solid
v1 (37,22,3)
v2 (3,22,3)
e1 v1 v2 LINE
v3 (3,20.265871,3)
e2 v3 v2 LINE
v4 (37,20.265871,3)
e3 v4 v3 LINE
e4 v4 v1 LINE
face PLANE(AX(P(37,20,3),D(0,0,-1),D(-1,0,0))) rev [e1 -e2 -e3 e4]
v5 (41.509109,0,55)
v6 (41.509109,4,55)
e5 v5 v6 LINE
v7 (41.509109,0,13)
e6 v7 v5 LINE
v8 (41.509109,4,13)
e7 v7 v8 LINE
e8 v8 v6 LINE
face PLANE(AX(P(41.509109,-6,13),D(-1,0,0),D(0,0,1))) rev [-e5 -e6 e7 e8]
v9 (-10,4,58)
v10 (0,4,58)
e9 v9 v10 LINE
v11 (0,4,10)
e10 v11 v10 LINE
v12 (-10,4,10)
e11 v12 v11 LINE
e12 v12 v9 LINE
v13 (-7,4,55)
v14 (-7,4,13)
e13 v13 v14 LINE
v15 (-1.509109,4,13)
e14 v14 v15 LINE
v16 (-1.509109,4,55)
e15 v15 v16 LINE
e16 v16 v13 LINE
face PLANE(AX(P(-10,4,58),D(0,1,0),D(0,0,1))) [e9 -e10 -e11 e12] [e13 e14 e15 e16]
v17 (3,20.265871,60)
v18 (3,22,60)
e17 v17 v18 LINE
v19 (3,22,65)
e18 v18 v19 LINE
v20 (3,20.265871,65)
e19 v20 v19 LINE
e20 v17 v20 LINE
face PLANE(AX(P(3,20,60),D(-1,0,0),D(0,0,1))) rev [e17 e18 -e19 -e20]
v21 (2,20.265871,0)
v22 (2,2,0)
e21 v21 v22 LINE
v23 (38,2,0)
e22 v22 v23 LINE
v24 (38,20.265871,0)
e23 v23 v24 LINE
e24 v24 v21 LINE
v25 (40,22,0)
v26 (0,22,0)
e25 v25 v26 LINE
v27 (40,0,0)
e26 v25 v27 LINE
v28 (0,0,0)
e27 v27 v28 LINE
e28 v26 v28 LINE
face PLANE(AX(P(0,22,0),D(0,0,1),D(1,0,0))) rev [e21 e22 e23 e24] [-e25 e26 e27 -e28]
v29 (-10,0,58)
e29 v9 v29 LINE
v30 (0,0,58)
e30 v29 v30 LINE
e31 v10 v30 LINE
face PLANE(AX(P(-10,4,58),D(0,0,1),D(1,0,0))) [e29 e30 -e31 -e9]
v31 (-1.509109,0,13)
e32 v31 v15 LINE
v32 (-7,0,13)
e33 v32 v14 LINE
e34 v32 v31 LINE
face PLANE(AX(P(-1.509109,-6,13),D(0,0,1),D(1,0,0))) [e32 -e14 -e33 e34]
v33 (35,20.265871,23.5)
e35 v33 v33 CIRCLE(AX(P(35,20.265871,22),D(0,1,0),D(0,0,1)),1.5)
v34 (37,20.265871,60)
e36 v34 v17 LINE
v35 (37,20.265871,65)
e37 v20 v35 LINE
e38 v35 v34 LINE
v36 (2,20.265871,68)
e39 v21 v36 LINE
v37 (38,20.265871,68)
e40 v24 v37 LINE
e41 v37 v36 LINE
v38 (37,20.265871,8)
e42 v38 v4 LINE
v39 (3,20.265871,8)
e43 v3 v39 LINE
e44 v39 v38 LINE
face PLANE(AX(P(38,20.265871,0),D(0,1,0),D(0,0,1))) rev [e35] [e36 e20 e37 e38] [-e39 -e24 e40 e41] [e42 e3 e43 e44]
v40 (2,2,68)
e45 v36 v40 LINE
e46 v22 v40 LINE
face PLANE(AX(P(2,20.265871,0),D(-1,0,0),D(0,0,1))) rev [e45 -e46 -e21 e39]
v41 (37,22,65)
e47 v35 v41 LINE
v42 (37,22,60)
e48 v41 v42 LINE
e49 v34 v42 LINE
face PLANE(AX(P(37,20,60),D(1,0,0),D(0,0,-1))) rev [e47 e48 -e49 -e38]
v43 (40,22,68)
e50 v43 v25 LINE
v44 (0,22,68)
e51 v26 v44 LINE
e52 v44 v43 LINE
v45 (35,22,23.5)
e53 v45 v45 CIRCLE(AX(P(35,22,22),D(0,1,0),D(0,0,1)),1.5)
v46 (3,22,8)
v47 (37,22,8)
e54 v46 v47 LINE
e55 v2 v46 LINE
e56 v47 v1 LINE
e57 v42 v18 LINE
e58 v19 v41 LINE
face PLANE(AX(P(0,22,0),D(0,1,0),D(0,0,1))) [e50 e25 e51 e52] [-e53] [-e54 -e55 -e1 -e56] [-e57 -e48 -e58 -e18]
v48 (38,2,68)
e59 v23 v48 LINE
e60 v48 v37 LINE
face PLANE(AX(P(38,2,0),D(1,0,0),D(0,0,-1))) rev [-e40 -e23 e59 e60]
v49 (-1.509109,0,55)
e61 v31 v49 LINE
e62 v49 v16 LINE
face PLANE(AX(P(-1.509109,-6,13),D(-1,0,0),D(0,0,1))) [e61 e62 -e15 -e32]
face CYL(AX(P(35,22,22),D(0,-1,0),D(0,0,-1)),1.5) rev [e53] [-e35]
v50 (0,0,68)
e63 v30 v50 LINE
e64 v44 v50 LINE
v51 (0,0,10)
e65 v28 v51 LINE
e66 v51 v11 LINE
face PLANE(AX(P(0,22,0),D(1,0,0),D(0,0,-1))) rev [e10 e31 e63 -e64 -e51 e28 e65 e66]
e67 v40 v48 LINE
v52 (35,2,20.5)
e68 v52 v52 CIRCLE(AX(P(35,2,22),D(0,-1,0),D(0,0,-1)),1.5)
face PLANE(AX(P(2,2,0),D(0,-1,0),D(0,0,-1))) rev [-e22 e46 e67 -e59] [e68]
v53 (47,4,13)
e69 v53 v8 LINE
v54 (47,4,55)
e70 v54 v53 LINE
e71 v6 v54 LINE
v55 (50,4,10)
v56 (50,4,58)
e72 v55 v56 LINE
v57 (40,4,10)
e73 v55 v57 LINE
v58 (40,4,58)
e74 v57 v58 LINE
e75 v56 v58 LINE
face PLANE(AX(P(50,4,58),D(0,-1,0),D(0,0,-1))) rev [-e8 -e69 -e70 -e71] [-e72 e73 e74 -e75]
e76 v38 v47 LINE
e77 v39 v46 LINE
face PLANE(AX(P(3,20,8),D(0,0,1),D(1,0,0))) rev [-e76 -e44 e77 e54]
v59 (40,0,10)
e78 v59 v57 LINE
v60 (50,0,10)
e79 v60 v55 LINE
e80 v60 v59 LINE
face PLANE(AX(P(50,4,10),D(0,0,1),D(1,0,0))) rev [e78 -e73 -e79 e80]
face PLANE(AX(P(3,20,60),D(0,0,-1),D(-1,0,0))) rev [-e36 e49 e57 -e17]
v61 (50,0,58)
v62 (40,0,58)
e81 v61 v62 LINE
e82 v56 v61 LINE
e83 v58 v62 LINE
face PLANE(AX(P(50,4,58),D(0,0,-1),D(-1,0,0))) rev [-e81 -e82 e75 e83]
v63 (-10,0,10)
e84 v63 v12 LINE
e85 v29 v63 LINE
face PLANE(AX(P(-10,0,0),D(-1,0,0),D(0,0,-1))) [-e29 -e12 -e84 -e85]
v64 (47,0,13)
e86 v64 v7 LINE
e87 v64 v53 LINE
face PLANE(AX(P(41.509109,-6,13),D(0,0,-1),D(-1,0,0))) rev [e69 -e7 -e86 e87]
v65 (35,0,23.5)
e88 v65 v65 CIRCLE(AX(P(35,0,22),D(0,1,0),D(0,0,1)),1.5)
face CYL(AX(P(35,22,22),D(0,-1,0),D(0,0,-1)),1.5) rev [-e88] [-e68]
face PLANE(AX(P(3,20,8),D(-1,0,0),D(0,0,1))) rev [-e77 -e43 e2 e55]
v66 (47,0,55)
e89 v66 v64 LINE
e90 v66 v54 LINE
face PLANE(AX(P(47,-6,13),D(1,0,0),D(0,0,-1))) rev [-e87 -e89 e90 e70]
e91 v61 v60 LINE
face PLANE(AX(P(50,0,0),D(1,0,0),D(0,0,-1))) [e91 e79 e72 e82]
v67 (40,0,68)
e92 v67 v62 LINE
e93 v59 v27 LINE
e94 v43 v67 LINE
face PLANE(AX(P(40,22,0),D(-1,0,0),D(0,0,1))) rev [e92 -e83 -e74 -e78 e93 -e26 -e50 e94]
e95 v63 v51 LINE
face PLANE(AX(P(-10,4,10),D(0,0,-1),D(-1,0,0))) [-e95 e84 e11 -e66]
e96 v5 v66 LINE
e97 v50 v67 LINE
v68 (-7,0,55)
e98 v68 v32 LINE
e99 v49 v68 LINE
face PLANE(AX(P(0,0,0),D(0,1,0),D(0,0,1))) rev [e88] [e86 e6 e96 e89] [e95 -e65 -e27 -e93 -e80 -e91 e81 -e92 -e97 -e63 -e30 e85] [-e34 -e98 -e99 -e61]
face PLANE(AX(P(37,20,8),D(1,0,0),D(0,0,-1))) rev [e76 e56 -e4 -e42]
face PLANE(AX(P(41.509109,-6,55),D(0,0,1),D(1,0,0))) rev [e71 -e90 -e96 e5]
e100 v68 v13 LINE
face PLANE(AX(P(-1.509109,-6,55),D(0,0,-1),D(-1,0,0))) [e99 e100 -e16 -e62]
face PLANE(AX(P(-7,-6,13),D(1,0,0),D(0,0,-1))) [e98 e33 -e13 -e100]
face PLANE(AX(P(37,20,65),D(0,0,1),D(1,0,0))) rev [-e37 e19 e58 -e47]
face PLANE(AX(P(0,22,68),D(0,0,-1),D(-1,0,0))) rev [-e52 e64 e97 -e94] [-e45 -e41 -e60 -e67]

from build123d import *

# Parameters (mm, degrees)
SKETCH1_W           = 40
SKETCH1_H           = 68
SKETCH1_R           = 1.5
BOSS_EXTRUDE1_DEPTH = 22
SKETCH2_W           = 36
SKETCH2_H           = 18.265871498
CUT_EXTRUDE1_DEPTH  = 69
SKETCH3_W           = 34
SKETCH3_H           = 5
CUT_EXTRUDE2_DEPTH  = 2
SKETCH6_W           = 48
SKETCH6_H           = 4
BOSS_EXTRUDE3_DEPTH = 10
SKETCH7_W           = 5.490890851
SKETCH7_H           = 42
CUT_EXTRUDE4_DEPTH  = 10


with BuildPart() as part:
    # Sketch1 → Boss-Extrude1 (new body)
    with BuildSketch(Plane(origin=(0, 0, 0), x_dir=(1, 0, 0), z_dir=(0, 1, 0))):
        with Locations((20, -34)):
            Rectangle(SKETCH1_W, SKETCH1_H)
        with Locations((35, -22)):
            Circle(SKETCH1_R, mode=Mode.SUBTRACT)
    extrude(amount=BOSS_EXTRUDE1_DEPTH)

    # Sketch2 → Cut-Extrude1 (cut, through all)
    with BuildSketch(Plane.XY.offset(68)):
        with Locations((20, 11.132935749)):
            Rectangle(SKETCH2_W, SKETCH2_H)
    extrude(amount=-CUT_EXTRUDE1_DEPTH, mode=Mode.SUBTRACT)

    # Sketch3 → Cut-Extrude2 (cut)
    with BuildSketch(Plane(origin=(0, 22, 0), x_dir=(1, 0, 0), z_dir=(0, 1, 0))):
        with Locations((20, -62.5)):
            Rectangle(SKETCH3_W, SKETCH3_H)
        with Locations((20, -5.5)):
            Rectangle(SKETCH3_W, SKETCH3_H)
    extrude(amount=-CUT_EXTRUDE2_DEPTH, mode=Mode.SUBTRACT)

    # Sketch6 → Boss-Extrude3 (add)
    with BuildSketch(Plane(origin=(40, 0, 0), x_dir=(0, 0, -1), z_dir=(1, 0, 0))):
        with Locations((-34, 2)):
            Rectangle(SKETCH6_W, SKETCH6_H)
    boss_extrude3 = extrude(amount=BOSS_EXTRUDE3_DEPTH)

    # Sketch7 → Cut-Extrude4 (cut)
    with BuildSketch(Plane(origin=(0, 4, 0), x_dir=(1, 0, 0), z_dir=(0, 1, 0))):
        with Locations((44.254554575, -34)):
            Rectangle(SKETCH7_W, SKETCH7_H)
    cut_extrude4 = extrude(amount=-CUT_EXTRUDE4_DEPTH, mode=Mode.SUBTRACT)

    # Mirror1: Boss-Extrude3 across plane
    add(boss_extrude3.mirror(Plane(origin=(20, 0, 0), x_dir=(0, 0, 1), z_dir=(1, 0, 0))))

    # Mirror2: Cut-Extrude4 across plane
    add(cut_extrude4.mirror(Plane(origin=(20, 0, 0), x_dir=(0, 0, 1), z_dir=(1, 0, 0))), mode=Mode.SUBTRACT)


solid = part.part
